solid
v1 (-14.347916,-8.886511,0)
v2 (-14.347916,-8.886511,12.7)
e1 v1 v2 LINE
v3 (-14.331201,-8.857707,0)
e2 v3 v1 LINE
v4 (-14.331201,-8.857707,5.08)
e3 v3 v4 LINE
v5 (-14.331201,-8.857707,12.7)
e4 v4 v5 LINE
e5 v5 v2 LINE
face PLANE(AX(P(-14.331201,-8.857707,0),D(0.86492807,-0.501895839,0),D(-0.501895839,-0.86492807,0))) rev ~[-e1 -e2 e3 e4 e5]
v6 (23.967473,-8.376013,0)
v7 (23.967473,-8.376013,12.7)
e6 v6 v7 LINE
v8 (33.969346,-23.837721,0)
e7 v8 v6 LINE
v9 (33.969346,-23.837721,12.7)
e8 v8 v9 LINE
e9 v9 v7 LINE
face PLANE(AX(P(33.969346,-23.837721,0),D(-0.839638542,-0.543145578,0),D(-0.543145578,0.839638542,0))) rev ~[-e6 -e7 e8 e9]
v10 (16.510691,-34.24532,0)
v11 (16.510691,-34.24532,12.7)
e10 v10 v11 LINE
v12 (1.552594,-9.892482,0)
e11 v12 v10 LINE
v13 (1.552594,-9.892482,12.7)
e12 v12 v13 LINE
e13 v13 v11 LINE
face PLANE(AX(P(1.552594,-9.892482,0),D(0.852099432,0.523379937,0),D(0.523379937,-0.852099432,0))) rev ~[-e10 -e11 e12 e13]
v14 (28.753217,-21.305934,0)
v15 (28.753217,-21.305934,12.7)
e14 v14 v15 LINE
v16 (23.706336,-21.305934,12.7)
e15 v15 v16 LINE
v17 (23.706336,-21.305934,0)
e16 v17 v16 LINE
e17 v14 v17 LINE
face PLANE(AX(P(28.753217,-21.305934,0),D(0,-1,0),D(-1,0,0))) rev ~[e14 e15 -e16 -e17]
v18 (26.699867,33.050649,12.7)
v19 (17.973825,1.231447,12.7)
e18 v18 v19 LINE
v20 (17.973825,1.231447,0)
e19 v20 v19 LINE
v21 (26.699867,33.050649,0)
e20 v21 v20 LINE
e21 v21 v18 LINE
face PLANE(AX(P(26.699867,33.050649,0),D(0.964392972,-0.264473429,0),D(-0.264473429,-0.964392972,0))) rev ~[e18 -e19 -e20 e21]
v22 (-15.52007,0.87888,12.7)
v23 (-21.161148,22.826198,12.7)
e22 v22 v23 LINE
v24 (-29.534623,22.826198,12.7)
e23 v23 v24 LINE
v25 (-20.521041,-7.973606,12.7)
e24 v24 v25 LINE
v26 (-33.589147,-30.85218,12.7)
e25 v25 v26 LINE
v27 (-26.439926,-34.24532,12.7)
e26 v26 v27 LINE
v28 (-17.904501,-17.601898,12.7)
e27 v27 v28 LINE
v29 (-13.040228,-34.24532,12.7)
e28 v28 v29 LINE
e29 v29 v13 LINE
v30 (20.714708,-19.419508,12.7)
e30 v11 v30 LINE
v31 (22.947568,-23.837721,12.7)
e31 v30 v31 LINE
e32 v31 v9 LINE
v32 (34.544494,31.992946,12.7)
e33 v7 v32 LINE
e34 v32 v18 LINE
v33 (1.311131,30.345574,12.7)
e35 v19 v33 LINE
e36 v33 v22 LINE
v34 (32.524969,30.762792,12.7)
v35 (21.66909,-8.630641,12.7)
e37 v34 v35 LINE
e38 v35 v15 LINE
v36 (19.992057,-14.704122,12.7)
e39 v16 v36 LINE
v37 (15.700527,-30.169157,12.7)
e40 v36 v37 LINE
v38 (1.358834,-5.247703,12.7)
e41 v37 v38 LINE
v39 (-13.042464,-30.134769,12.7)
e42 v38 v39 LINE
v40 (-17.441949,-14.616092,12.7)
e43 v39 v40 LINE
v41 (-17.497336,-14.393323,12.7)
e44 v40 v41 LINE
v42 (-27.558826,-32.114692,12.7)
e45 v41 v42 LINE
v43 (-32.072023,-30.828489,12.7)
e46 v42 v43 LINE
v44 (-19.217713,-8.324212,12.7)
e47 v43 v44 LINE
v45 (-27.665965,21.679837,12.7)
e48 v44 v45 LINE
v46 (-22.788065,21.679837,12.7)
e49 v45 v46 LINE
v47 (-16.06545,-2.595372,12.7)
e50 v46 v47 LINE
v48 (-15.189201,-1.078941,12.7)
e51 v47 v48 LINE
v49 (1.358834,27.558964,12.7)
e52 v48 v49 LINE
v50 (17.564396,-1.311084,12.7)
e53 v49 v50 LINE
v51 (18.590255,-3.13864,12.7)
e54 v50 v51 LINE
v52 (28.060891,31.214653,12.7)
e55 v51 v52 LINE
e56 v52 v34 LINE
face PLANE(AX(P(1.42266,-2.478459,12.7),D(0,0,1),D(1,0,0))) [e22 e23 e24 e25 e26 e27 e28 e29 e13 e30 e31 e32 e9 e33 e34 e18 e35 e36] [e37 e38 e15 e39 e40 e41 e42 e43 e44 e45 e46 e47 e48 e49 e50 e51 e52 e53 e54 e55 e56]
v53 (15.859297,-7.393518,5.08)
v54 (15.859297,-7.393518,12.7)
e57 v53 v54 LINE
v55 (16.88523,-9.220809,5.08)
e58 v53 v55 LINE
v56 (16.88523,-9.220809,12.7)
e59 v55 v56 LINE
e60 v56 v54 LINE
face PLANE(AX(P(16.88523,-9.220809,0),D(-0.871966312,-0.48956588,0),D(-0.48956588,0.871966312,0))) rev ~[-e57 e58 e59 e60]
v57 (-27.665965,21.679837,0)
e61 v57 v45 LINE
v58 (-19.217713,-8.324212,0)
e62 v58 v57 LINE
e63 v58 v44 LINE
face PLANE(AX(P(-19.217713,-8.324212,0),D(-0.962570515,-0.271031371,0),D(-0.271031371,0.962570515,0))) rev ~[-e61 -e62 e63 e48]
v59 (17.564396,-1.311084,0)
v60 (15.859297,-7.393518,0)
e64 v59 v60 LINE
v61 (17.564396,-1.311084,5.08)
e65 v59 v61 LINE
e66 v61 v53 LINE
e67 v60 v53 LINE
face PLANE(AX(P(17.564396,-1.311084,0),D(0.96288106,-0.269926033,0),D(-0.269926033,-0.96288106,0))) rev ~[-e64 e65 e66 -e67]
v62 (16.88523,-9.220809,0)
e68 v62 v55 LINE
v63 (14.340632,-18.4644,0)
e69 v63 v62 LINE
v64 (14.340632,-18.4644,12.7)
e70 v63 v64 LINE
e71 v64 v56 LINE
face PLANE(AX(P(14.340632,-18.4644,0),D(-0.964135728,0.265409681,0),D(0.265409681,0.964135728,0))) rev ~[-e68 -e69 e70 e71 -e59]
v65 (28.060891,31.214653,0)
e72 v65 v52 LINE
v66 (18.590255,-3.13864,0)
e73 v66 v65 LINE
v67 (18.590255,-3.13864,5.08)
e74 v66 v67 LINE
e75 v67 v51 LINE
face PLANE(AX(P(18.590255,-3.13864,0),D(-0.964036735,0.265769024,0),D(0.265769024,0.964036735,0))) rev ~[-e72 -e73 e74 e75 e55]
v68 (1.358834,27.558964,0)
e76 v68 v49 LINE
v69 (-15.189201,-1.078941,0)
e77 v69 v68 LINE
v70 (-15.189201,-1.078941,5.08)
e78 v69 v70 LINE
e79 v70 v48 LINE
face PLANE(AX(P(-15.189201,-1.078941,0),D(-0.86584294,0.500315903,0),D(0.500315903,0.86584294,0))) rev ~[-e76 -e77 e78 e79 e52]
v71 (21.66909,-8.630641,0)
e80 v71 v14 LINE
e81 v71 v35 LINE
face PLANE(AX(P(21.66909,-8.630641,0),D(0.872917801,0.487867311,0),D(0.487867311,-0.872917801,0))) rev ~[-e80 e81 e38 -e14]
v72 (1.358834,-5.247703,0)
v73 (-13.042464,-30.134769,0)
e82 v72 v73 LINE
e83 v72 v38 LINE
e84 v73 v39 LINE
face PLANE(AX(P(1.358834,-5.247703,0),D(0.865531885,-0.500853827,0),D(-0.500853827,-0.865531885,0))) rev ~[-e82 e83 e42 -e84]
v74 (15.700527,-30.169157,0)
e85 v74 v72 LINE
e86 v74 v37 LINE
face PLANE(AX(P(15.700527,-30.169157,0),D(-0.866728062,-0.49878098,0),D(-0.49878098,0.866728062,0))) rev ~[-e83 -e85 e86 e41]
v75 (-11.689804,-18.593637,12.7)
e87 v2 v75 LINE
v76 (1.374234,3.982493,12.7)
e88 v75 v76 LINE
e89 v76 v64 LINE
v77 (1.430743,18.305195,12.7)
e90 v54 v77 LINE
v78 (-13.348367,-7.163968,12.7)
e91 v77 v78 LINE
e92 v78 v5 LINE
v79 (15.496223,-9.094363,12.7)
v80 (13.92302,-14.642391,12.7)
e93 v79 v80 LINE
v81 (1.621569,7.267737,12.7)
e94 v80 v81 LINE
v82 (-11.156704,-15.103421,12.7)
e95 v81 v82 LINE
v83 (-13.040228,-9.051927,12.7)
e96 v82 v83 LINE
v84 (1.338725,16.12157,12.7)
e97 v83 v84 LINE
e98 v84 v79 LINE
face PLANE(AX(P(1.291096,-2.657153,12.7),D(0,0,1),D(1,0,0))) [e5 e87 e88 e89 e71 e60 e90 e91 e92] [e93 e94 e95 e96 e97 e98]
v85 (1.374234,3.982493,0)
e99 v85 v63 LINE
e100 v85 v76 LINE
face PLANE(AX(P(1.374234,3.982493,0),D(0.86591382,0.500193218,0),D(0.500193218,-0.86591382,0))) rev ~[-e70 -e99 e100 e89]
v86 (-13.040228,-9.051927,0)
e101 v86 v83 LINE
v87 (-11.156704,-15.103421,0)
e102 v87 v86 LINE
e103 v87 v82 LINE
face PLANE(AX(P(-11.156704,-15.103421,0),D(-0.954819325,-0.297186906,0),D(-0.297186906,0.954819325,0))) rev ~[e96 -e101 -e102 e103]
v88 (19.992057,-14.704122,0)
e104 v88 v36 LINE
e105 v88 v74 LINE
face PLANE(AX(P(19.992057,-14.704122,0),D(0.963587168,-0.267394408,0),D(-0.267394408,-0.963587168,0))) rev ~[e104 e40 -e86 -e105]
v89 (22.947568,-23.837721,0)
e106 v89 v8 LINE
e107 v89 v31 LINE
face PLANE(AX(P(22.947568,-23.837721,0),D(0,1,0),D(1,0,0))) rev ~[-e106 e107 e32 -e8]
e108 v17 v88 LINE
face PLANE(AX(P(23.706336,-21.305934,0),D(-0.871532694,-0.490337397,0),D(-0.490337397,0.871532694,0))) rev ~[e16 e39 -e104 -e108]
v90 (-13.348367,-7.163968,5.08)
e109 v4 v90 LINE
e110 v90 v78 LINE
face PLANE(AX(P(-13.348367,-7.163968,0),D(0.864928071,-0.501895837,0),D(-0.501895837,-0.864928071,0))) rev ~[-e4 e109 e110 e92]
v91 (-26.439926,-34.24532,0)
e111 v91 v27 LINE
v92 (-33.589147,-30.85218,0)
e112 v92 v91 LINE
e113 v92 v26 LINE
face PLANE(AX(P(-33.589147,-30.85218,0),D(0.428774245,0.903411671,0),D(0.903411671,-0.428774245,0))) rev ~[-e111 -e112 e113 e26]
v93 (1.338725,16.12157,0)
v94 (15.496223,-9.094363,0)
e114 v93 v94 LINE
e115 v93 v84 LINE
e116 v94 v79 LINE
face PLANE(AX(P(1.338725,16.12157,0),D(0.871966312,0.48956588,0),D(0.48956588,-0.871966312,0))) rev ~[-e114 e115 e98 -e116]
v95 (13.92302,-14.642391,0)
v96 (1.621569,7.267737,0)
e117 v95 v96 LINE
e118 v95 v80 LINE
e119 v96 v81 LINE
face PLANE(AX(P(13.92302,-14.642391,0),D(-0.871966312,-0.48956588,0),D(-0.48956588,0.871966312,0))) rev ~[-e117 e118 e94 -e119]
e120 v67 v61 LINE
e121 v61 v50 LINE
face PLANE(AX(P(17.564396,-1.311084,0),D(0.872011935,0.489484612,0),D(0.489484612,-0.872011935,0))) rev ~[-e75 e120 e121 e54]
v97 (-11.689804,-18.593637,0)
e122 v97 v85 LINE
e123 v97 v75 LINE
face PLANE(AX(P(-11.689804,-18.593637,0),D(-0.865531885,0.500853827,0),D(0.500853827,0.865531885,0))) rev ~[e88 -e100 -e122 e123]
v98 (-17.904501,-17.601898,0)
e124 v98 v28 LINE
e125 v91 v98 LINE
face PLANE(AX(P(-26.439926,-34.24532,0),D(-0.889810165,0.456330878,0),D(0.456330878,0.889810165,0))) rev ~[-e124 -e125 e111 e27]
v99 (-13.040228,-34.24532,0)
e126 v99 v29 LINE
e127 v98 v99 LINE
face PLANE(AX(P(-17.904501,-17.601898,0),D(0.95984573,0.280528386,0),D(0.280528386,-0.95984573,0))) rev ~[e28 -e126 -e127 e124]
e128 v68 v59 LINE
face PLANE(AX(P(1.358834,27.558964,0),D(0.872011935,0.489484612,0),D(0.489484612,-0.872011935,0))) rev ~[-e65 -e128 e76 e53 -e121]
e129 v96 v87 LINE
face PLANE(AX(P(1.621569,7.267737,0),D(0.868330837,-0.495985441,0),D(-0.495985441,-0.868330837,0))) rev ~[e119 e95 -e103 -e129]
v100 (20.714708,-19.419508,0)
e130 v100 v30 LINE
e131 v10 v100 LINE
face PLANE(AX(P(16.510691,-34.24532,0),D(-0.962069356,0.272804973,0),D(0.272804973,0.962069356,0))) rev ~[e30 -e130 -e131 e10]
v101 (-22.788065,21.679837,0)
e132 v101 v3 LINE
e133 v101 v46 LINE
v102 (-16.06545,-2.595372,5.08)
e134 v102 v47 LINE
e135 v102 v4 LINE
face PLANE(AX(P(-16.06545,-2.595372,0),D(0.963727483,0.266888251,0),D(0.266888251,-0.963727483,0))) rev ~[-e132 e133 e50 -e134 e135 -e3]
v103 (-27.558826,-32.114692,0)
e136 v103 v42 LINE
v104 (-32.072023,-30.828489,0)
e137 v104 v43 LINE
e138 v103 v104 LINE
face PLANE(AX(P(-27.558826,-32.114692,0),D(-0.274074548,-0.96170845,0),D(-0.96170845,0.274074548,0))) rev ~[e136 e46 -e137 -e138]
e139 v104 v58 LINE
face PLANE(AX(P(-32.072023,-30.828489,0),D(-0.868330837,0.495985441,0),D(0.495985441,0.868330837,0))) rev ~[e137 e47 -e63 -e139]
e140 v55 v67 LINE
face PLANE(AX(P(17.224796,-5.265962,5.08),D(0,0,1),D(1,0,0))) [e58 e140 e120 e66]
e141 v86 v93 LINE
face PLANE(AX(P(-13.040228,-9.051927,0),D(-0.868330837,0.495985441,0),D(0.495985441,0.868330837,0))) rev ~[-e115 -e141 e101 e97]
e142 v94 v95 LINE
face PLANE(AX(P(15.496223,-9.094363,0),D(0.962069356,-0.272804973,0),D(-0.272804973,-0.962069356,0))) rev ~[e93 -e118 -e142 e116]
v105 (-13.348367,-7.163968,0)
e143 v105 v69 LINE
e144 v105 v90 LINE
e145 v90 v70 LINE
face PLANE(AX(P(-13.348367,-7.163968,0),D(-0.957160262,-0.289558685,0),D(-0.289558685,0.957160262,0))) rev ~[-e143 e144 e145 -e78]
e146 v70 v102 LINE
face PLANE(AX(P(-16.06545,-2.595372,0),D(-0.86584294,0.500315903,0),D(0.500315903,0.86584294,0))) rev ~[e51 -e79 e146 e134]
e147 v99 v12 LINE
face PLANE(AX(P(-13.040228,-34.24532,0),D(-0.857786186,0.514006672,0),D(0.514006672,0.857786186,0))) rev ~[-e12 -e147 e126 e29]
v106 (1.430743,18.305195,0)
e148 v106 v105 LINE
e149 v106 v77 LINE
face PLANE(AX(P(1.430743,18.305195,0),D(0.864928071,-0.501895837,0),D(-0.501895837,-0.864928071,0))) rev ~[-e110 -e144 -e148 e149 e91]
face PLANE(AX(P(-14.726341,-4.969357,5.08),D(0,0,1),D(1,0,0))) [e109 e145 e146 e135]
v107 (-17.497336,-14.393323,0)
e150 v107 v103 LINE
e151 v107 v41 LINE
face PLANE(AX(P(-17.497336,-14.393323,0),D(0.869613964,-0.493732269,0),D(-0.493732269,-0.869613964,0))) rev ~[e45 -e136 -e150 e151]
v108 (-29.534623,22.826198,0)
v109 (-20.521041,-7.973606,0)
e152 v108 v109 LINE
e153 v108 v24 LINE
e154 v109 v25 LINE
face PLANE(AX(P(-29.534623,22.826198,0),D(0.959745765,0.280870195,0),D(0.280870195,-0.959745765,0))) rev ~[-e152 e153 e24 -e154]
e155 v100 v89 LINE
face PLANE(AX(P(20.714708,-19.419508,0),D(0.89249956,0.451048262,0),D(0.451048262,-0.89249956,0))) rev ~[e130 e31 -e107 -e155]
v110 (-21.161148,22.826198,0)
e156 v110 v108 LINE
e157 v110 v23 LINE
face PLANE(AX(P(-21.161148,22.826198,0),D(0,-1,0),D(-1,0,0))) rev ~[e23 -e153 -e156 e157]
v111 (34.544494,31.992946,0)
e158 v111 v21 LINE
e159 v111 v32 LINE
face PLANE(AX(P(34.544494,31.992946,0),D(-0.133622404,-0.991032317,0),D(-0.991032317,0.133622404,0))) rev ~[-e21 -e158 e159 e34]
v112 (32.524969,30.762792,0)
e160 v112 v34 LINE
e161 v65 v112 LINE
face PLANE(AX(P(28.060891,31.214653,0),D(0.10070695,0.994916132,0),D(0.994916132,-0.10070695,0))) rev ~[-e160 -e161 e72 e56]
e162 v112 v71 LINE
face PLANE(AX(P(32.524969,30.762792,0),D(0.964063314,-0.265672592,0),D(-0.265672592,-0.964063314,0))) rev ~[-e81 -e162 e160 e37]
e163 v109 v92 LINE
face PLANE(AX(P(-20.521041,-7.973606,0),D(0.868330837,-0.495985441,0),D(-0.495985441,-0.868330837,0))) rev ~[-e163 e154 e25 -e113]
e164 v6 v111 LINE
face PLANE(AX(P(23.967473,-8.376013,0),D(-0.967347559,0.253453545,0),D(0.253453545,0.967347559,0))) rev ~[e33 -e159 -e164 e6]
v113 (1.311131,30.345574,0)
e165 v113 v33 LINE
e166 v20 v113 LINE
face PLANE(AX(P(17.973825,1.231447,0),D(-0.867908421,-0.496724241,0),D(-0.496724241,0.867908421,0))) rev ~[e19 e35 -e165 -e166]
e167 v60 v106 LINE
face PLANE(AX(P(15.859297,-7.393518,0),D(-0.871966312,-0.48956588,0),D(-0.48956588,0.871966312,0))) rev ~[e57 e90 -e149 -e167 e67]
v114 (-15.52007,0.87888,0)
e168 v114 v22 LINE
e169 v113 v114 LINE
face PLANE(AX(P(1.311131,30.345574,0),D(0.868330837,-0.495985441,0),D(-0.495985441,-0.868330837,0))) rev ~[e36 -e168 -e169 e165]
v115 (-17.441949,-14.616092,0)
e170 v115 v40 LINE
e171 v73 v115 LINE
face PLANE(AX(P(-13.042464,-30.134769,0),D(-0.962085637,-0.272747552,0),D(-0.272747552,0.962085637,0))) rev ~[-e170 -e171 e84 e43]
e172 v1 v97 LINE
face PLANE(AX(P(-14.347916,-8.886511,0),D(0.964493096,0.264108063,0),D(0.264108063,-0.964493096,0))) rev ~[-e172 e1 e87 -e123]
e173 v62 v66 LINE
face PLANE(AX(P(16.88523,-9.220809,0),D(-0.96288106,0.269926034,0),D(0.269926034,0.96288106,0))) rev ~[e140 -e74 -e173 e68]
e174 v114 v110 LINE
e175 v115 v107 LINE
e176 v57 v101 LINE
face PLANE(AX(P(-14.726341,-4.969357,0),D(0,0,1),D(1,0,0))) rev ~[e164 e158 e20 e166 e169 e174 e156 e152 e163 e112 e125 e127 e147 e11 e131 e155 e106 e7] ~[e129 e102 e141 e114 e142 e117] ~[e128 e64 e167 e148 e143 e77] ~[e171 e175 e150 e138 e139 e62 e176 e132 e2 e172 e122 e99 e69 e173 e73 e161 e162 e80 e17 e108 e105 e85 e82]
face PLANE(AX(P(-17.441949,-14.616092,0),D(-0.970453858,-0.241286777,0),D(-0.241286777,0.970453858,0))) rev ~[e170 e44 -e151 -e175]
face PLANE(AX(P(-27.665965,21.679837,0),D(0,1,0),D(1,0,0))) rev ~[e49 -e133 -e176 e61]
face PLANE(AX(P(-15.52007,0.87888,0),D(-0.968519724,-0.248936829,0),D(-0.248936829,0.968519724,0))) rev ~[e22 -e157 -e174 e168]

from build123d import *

# Parameters (mm, degrees)
F1_DEPTH = 12.7
F2_DEPTH = 5.08


with BuildPart() as f1:
    # F0 (on Top) → F1 (new body)
    with BuildSketch(Plane.XY):
        Polygon((-20.5210409951, -7.9736062909), (-33.5891470313, -30.8521799743), (-26.4399256557, -34.2453196645), (-17.9045014083, -17.60189794), (-13.0402278155, -34.2453196645), (1.5525938943, -9.8924823105), (16.5106914937, -34.2453196645), (20.7147076726, -19.4195080549), (22.9475684464, -23.8377209753), (33.9693464339, -23.8377209753), (23.9674728364, -8.3760125563), (34.5444940031, 31.9929458201), (26.6998670995, 33.0506488681), (17.9738253355, 1.2314473279), (1.3111314686, 30.3455736883), (-15.5200697482, 0.8788800333), (-21.1611483246, 22.8261984885), (-29.5346230268, 22.8261984885), align=None)
        Polygon((-27.5588259101, -32.1146920323), (-32.0720225573, -30.8284889907), (-19.2177128047, -8.3242123947), (-27.6659652591, 21.6798372567), (-22.7880645543, 21.6798372567), (-16.0654503852, -2.5953715667), (-15.1892008377, -1.078940688), (1.3588338625, 27.5589637458), (17.5643963544, -1.3110835766), (18.5902547091, -3.1386399642), (28.0608907342, 31.214652583), (32.5249694288, 30.7627916336), (21.6690897942, -8.6306408048), (28.7532173097, -21.3059335947), (23.7063355744, -21.3059335947), (19.992057234, -14.7041222081), (15.7005265355, -30.1691573113), (1.3588338625, -5.2477028221), (-13.042463921, -30.1347691566), (-17.4419488758, -14.6160917357), (-17.4973364919, -14.3933231011), align=None, mode=Mode.SUBTRACT)
    extrude(amount=F1_DEPTH)



with BuildPart() as f1b:
    # F0 (on Top) → F1, piece 2 (new body)
    with BuildSketch(Plane.XY):
        Polygon((-13.348367419, -7.1639683075), (-14.3312010466, -8.8577069897), (-14.3479155377, -8.8865114376), (-11.6898040163, -18.593637318), (1.3742336305, 3.9824927226), (14.3406316638, -18.4643995017), (16.8852303177, -9.2208087444), (15.8592973644, -7.3935184654), (1.4307427919, 18.3051954955), align=None)
        Polygon((-11.1567043809, -15.1034206777), (-13.0402278155, -9.0519273654), (1.3387252224, 16.1215702828), (15.4962225923, -9.0943634049), (13.9230203858, -14.6423914203), (1.6215687562, 7.2677372167), align=None, mode=Mode.SUBTRACT)
    extrude(amount=F1_DEPTH)


with BuildPart() as f1_1:
    add(f1.part)

    add(f1b.part)  # F2 merges F1b
    # F0 (on Top) → F2 (join)
    with BuildSketch(Plane.XY):
        Polygon((-15.1892008377, -1.078940688), (-16.0654503852, -2.5953715667), (-14.3312010466, -8.8577069897), (-13.348367419, -7.1639683075), align=None)
        Polygon((18.5902547091, -3.1386399642), (17.5643963544, -1.3110835766), (15.8592973644, -7.3935184654), (16.8852303177, -9.2208087444), align=None)
    extrude(amount=F2_DEPTH)


solid = f1_1.part
